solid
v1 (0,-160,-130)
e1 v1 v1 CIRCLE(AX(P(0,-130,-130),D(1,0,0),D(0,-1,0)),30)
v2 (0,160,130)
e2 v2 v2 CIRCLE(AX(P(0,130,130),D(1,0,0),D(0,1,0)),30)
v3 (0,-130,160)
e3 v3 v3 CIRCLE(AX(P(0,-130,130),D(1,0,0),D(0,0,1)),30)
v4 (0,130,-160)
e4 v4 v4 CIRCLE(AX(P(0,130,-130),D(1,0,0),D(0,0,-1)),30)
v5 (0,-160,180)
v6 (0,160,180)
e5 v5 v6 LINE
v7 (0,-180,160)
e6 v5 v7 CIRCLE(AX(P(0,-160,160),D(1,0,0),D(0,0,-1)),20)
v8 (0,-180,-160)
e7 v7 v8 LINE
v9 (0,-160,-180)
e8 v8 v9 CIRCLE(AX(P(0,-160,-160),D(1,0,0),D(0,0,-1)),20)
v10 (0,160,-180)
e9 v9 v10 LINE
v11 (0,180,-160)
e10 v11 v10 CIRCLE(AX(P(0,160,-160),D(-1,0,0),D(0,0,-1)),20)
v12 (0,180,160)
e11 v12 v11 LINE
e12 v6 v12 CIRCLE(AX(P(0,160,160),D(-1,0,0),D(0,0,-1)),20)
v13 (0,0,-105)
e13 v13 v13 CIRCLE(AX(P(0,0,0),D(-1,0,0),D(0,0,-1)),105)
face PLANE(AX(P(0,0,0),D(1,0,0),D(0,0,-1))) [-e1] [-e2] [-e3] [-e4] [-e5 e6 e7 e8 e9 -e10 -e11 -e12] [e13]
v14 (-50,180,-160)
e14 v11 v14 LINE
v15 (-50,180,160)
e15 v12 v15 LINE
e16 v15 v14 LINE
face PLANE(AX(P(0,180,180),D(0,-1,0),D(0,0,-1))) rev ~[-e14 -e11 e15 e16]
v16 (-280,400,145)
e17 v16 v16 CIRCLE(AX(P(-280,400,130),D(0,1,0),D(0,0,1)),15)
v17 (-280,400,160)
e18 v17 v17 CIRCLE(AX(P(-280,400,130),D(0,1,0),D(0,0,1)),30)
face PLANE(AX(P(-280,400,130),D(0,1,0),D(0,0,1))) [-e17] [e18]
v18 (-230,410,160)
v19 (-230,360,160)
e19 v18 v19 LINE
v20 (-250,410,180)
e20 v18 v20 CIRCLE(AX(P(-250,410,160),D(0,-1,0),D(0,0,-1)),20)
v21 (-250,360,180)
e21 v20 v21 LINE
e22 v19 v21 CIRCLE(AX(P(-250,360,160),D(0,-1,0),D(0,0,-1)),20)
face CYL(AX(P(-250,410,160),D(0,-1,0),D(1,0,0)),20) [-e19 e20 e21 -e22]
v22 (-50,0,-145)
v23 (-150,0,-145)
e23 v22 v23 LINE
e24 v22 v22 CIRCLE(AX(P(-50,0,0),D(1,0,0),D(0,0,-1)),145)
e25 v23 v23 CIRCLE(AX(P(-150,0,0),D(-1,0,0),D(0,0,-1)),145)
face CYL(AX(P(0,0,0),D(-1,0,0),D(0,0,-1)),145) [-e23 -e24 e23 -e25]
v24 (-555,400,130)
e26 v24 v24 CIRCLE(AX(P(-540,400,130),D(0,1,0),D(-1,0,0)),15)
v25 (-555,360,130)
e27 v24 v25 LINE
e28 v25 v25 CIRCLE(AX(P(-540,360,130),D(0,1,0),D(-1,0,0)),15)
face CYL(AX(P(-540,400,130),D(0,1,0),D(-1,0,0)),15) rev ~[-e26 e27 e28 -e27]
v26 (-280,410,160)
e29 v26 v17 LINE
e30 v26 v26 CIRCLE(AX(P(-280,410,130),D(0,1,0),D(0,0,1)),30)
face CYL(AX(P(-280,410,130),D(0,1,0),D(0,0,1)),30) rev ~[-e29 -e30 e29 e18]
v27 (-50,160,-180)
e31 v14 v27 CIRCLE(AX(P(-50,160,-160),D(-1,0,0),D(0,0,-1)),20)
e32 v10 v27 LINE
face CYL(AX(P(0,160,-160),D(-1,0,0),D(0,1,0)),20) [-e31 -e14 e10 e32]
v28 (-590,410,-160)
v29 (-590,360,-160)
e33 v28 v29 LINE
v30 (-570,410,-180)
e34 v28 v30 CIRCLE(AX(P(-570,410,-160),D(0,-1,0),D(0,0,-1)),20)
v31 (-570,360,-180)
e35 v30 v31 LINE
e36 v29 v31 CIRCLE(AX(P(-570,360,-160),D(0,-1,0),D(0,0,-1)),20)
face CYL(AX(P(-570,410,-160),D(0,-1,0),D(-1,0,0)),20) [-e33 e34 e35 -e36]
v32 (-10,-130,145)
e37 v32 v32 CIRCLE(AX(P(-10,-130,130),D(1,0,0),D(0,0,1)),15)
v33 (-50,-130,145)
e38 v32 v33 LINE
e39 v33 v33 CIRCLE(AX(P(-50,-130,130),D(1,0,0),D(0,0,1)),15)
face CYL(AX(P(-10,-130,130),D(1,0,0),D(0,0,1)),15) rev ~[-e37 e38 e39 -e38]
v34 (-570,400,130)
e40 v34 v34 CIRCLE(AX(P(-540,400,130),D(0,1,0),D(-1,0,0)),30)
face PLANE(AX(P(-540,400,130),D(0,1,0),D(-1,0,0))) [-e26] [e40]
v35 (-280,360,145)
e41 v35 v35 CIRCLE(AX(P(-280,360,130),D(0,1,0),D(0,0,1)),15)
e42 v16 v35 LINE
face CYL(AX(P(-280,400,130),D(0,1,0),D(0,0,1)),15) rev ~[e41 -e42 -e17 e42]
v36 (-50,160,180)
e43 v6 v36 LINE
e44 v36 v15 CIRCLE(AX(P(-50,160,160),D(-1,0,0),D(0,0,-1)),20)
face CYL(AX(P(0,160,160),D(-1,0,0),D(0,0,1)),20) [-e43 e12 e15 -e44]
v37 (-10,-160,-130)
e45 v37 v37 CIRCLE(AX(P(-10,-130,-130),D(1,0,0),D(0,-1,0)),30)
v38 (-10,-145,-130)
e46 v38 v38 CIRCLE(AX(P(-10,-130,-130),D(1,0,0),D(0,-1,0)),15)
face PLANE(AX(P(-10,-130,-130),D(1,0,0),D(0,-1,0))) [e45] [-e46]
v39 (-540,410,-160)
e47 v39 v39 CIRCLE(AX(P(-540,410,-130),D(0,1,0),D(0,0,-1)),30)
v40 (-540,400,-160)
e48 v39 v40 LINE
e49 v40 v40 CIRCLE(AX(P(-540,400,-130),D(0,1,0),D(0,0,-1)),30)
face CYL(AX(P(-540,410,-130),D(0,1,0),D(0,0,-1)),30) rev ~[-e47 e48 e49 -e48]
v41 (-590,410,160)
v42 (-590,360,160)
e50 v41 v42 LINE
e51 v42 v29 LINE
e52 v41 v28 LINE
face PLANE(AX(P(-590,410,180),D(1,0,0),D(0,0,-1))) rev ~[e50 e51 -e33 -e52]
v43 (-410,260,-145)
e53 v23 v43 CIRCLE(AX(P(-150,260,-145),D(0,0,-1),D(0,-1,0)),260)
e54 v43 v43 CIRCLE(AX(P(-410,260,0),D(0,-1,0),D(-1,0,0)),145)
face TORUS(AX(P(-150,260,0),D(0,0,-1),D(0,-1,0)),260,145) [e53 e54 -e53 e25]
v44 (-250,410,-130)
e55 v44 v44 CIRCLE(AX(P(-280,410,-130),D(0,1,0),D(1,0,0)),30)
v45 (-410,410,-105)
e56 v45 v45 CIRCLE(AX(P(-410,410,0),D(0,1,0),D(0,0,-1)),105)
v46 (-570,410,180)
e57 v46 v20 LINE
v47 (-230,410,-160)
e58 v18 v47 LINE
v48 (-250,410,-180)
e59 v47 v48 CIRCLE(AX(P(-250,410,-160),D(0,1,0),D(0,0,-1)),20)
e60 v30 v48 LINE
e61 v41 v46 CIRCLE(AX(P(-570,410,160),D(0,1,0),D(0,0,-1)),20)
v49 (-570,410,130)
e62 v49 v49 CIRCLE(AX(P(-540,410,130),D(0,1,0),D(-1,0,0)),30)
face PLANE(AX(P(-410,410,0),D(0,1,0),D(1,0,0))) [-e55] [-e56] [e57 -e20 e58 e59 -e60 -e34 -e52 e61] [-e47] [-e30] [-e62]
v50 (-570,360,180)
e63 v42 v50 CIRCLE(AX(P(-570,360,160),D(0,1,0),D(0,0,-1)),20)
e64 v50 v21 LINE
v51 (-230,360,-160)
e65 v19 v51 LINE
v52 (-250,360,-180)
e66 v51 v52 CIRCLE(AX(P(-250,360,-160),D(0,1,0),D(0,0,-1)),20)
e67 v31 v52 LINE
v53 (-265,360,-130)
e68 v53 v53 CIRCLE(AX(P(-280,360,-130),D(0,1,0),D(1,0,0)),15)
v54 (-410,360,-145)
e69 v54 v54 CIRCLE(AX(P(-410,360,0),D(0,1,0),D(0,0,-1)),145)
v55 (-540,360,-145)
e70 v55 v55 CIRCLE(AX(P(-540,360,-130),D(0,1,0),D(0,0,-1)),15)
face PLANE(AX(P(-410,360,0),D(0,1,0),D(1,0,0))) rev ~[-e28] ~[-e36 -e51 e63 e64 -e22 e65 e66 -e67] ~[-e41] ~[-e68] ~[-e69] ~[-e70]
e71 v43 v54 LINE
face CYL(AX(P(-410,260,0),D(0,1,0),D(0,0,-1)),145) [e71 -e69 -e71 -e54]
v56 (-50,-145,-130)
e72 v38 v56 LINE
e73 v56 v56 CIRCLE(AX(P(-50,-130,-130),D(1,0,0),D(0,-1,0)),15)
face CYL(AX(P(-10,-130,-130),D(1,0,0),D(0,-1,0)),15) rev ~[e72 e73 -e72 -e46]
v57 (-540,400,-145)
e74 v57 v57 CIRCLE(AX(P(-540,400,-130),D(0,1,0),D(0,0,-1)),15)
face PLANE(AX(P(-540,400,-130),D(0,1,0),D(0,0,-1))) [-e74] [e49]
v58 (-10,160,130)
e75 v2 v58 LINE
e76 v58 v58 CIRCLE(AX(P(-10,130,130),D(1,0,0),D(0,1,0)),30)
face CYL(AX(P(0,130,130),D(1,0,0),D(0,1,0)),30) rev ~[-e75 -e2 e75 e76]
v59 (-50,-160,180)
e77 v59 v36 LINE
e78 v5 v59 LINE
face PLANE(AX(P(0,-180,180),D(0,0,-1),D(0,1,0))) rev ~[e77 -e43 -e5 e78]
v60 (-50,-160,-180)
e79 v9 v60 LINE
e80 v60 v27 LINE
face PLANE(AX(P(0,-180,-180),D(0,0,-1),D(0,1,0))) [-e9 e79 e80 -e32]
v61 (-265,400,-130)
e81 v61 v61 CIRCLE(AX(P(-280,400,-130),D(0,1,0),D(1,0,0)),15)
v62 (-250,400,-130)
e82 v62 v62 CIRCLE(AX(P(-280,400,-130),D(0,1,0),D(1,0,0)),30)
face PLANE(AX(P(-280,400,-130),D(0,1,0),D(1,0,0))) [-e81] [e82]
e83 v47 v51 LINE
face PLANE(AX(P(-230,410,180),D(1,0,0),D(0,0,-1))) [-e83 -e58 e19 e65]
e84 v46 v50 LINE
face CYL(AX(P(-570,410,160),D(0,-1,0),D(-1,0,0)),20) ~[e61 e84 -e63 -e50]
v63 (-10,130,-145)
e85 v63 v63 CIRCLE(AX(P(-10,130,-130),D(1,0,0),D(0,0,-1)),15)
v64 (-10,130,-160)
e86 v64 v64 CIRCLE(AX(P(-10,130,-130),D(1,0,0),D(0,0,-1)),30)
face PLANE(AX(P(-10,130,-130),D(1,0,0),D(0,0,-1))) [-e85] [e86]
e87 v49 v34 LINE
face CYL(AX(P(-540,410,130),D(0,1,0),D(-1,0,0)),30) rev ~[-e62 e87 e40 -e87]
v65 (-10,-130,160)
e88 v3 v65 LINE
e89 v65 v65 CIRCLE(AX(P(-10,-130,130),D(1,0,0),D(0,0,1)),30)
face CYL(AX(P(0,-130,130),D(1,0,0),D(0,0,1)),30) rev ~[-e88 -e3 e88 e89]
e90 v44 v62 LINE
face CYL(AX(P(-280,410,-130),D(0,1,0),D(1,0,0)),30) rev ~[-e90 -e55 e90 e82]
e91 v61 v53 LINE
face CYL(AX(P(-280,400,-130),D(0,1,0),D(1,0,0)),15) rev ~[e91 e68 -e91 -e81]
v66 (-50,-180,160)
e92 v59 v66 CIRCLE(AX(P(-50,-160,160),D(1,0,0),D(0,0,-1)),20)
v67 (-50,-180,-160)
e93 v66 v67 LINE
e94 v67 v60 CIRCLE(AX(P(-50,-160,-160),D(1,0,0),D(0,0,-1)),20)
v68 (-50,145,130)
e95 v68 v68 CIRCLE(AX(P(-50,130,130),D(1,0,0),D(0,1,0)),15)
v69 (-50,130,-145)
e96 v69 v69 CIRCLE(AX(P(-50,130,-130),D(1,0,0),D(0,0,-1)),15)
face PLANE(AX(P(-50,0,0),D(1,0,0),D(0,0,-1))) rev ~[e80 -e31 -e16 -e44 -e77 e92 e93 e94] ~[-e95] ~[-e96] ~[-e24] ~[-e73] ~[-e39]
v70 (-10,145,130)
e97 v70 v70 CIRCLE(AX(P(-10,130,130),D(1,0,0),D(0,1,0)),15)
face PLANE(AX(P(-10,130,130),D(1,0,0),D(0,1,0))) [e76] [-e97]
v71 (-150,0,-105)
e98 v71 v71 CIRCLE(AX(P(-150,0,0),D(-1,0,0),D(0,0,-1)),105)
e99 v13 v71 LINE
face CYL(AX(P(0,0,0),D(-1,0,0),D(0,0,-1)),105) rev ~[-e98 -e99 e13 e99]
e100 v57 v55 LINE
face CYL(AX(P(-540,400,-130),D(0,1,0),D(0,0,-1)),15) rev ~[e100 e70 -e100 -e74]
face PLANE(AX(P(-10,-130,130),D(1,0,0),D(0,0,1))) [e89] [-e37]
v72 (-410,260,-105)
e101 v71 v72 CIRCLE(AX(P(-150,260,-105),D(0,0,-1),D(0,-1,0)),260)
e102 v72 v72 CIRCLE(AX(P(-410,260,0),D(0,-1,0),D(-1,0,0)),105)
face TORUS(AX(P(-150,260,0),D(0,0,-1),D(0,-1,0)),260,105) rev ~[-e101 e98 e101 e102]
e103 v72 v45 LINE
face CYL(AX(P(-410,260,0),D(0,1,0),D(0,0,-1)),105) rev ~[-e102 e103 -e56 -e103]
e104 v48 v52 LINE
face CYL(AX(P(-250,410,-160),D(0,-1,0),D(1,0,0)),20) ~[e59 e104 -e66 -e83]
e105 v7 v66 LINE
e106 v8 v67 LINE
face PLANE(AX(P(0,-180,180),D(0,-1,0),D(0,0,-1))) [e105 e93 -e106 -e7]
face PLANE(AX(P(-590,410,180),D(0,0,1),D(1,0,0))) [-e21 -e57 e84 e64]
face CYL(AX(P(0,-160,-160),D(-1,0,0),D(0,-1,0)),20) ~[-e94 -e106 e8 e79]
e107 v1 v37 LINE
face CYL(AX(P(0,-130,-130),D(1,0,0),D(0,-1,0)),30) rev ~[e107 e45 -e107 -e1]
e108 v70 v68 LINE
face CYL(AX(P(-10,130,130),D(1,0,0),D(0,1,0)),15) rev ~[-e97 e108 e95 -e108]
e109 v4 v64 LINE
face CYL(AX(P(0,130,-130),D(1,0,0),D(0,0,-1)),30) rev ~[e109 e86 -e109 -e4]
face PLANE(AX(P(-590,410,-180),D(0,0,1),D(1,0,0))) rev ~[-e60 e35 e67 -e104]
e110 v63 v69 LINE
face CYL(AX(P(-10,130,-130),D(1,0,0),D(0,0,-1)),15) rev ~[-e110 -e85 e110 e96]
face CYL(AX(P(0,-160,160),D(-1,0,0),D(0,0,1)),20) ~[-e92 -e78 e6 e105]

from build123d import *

# Parameters (mm, degrees)
SKETCH2_R           = 145
SKETCH2_R_2         = 105
SKETCH3_W           = 360
SKETCH3_H           = 360
SKETCH3_R           = 145
BOSS_EXTRUDE1_DEPTH = 50
FILLET1_R           = 20
SKETCH4_W           = 360
SKETCH4_H           = 360
SKETCH4_R           = 145
BOSS_EXTRUDE2_DEPTH = 50
FILLET2_R           = 20
SKETCH5_R           = 30
CUT_EXTRUDE1_DEPTH  = 10
SKETCH6_R           = 15
CUT_EXTRUDE2_DEPTH  = 40
CIRPATTERN1_COUNT   = 4
SKETCH7_R           = 30
CUT_EXTRUDE3_DEPTH  = 10
SKETCH8_R           = 15
CUT_EXTRUDE4_DEPTH  = 40
CIRPATTERN2_COUNT   = 4


with BuildPart() as part:
    # Sweep-Thin1: sweep along a path in Sketch1
    with BuildLine(Plane.XY) as sweep_thin1_path:
        Line((0, 0), (-150, 0))
        ThreePointArc((-150, 0), (-333.847763109, 76.152236891), (-410, 260))
        Line((-410, 260), (-410, 410))
    # Sketch2 → Sweep-Thin1 (sweep)
    with BuildSketch(Plane(origin=(0, 0, 0), x_dir=(0, 0, -1), z_dir=(1, 0, 0))):
        Circle(SKETCH2_R)
        Circle(SKETCH2_R_2, mode=Mode.SUBTRACT)
    sweep(path=sweep_thin1_path.line)

    # Sketch3 → Boss-Extrude1 (add)
    with BuildSketch(Plane(origin=(0, 0, 0), x_dir=(0, 0, -1), z_dir=(1, 0, 0))):
        Rectangle(SKETCH3_W, SKETCH3_H)
        Circle(SKETCH3_R, mode=Mode.SUBTRACT)
    extrude(amount=-BOSS_EXTRUDE1_DEPTH)

    # Fillet1
    fillet1_edges = [part.edges().sort_by_distance(p)[0] for p in [
        (-25, 180, -180),
        (-25, -180, -180),
        (-25, -180, 180),
        (-25, 180, 180),
    ]]
    fillet(fillet1_edges, radius=FILLET1_R)

    # Sketch4 → Boss-Extrude2 (add)
    with BuildSketch(Plane(origin=(0, 410, 0), x_dir=(1, 0, 0), z_dir=(0, 1, 0))):
        with Locations((-410, 0)):
            Rectangle(SKETCH4_W, SKETCH4_H)
        with Locations((-410, 0)):
            Circle(SKETCH4_R, mode=Mode.SUBTRACT)
    extrude(amount=-BOSS_EXTRUDE2_DEPTH)

    # Fillet2
    fillet2_edges = [part.edges().sort_by_distance(p)[0] for p in [
        (-590, 385, 180),
        (-590, 385, -180),
        (-230, 385, -180),
        (-230, 385, 180),
    ]]
    fillet(fillet2_edges, radius=FILLET2_R)

    # Sketch5 → Cut-Extrude1 (cut)
    with BuildSketch(Plane(origin=(0, 410, 0), x_dir=(1, 0, 0), z_dir=(0, 1, 0))):
        with Locations((-280, 130)):
            Circle(SKETCH5_R)
    cut_extrude1 = extrude(amount=-CUT_EXTRUDE1_DEPTH, mode=Mode.SUBTRACT)

    # Sketch6 → Cut-Extrude2 (cut)
    with BuildSketch(Plane(origin=(0, 400, 0), x_dir=(1, 0, 0), z_dir=(0, 1, 0))):
        with Locations((-280, 130)):
            Circle(SKETCH6_R)
    cut_extrude2 = extrude(amount=-CUT_EXTRUDE2_DEPTH, mode=Mode.SUBTRACT)

    # CirPattern1: Cut-Extrude1, Cut-Extrude2 ×4 about axis
    cirpattern1_axis = Axis((-410, 0, 0), (0, 1, 0))
    for i in range(1, CIRPATTERN1_COUNT):
        add(cut_extrude1.rotate(cirpattern1_axis, i * 360 / CIRPATTERN1_COUNT), mode=Mode.SUBTRACT)
        add(cut_extrude2.rotate(cirpattern1_axis, i * 360 / CIRPATTERN1_COUNT), mode=Mode.SUBTRACT)

    # Sketch7 → Cut-Extrude3 (cut)
    with BuildSketch(Plane(origin=(0, 0, 0), x_dir=(0, 0, -1), z_dir=(1, 0, 0))):
        with Locations((130, 130)):
            Circle(SKETCH7_R)
    cut_extrude3 = extrude(amount=-CUT_EXTRUDE3_DEPTH, mode=Mode.SUBTRACT)

    # Sketch8 → Cut-Extrude4 (cut)
    with BuildSketch(Plane(origin=(-10, 0, 0), x_dir=(0, 0, -1), z_dir=(1, 0, 0))):
        with Locations((130, 130)):
            Circle(SKETCH8_R)
    cut_extrude4 = extrude(amount=-CUT_EXTRUDE4_DEPTH, mode=Mode.SUBTRACT)

    # CirPattern2: Cut-Extrude3, Cut-Extrude4 ×4 about axis
    cirpattern2_axis = Axis((0, 0, 0), (1, 0, 0))
    for i in range(1, CIRPATTERN2_COUNT):
        add(cut_extrude3.rotate(cirpattern2_axis, i * 360 / CIRPATTERN2_COUNT), mode=Mode.SUBTRACT)
        add(cut_extrude4.rotate(cirpattern2_axis, i * 360 / CIRPATTERN2_COUNT), mode=Mode.SUBTRACT)


solid = part.part
